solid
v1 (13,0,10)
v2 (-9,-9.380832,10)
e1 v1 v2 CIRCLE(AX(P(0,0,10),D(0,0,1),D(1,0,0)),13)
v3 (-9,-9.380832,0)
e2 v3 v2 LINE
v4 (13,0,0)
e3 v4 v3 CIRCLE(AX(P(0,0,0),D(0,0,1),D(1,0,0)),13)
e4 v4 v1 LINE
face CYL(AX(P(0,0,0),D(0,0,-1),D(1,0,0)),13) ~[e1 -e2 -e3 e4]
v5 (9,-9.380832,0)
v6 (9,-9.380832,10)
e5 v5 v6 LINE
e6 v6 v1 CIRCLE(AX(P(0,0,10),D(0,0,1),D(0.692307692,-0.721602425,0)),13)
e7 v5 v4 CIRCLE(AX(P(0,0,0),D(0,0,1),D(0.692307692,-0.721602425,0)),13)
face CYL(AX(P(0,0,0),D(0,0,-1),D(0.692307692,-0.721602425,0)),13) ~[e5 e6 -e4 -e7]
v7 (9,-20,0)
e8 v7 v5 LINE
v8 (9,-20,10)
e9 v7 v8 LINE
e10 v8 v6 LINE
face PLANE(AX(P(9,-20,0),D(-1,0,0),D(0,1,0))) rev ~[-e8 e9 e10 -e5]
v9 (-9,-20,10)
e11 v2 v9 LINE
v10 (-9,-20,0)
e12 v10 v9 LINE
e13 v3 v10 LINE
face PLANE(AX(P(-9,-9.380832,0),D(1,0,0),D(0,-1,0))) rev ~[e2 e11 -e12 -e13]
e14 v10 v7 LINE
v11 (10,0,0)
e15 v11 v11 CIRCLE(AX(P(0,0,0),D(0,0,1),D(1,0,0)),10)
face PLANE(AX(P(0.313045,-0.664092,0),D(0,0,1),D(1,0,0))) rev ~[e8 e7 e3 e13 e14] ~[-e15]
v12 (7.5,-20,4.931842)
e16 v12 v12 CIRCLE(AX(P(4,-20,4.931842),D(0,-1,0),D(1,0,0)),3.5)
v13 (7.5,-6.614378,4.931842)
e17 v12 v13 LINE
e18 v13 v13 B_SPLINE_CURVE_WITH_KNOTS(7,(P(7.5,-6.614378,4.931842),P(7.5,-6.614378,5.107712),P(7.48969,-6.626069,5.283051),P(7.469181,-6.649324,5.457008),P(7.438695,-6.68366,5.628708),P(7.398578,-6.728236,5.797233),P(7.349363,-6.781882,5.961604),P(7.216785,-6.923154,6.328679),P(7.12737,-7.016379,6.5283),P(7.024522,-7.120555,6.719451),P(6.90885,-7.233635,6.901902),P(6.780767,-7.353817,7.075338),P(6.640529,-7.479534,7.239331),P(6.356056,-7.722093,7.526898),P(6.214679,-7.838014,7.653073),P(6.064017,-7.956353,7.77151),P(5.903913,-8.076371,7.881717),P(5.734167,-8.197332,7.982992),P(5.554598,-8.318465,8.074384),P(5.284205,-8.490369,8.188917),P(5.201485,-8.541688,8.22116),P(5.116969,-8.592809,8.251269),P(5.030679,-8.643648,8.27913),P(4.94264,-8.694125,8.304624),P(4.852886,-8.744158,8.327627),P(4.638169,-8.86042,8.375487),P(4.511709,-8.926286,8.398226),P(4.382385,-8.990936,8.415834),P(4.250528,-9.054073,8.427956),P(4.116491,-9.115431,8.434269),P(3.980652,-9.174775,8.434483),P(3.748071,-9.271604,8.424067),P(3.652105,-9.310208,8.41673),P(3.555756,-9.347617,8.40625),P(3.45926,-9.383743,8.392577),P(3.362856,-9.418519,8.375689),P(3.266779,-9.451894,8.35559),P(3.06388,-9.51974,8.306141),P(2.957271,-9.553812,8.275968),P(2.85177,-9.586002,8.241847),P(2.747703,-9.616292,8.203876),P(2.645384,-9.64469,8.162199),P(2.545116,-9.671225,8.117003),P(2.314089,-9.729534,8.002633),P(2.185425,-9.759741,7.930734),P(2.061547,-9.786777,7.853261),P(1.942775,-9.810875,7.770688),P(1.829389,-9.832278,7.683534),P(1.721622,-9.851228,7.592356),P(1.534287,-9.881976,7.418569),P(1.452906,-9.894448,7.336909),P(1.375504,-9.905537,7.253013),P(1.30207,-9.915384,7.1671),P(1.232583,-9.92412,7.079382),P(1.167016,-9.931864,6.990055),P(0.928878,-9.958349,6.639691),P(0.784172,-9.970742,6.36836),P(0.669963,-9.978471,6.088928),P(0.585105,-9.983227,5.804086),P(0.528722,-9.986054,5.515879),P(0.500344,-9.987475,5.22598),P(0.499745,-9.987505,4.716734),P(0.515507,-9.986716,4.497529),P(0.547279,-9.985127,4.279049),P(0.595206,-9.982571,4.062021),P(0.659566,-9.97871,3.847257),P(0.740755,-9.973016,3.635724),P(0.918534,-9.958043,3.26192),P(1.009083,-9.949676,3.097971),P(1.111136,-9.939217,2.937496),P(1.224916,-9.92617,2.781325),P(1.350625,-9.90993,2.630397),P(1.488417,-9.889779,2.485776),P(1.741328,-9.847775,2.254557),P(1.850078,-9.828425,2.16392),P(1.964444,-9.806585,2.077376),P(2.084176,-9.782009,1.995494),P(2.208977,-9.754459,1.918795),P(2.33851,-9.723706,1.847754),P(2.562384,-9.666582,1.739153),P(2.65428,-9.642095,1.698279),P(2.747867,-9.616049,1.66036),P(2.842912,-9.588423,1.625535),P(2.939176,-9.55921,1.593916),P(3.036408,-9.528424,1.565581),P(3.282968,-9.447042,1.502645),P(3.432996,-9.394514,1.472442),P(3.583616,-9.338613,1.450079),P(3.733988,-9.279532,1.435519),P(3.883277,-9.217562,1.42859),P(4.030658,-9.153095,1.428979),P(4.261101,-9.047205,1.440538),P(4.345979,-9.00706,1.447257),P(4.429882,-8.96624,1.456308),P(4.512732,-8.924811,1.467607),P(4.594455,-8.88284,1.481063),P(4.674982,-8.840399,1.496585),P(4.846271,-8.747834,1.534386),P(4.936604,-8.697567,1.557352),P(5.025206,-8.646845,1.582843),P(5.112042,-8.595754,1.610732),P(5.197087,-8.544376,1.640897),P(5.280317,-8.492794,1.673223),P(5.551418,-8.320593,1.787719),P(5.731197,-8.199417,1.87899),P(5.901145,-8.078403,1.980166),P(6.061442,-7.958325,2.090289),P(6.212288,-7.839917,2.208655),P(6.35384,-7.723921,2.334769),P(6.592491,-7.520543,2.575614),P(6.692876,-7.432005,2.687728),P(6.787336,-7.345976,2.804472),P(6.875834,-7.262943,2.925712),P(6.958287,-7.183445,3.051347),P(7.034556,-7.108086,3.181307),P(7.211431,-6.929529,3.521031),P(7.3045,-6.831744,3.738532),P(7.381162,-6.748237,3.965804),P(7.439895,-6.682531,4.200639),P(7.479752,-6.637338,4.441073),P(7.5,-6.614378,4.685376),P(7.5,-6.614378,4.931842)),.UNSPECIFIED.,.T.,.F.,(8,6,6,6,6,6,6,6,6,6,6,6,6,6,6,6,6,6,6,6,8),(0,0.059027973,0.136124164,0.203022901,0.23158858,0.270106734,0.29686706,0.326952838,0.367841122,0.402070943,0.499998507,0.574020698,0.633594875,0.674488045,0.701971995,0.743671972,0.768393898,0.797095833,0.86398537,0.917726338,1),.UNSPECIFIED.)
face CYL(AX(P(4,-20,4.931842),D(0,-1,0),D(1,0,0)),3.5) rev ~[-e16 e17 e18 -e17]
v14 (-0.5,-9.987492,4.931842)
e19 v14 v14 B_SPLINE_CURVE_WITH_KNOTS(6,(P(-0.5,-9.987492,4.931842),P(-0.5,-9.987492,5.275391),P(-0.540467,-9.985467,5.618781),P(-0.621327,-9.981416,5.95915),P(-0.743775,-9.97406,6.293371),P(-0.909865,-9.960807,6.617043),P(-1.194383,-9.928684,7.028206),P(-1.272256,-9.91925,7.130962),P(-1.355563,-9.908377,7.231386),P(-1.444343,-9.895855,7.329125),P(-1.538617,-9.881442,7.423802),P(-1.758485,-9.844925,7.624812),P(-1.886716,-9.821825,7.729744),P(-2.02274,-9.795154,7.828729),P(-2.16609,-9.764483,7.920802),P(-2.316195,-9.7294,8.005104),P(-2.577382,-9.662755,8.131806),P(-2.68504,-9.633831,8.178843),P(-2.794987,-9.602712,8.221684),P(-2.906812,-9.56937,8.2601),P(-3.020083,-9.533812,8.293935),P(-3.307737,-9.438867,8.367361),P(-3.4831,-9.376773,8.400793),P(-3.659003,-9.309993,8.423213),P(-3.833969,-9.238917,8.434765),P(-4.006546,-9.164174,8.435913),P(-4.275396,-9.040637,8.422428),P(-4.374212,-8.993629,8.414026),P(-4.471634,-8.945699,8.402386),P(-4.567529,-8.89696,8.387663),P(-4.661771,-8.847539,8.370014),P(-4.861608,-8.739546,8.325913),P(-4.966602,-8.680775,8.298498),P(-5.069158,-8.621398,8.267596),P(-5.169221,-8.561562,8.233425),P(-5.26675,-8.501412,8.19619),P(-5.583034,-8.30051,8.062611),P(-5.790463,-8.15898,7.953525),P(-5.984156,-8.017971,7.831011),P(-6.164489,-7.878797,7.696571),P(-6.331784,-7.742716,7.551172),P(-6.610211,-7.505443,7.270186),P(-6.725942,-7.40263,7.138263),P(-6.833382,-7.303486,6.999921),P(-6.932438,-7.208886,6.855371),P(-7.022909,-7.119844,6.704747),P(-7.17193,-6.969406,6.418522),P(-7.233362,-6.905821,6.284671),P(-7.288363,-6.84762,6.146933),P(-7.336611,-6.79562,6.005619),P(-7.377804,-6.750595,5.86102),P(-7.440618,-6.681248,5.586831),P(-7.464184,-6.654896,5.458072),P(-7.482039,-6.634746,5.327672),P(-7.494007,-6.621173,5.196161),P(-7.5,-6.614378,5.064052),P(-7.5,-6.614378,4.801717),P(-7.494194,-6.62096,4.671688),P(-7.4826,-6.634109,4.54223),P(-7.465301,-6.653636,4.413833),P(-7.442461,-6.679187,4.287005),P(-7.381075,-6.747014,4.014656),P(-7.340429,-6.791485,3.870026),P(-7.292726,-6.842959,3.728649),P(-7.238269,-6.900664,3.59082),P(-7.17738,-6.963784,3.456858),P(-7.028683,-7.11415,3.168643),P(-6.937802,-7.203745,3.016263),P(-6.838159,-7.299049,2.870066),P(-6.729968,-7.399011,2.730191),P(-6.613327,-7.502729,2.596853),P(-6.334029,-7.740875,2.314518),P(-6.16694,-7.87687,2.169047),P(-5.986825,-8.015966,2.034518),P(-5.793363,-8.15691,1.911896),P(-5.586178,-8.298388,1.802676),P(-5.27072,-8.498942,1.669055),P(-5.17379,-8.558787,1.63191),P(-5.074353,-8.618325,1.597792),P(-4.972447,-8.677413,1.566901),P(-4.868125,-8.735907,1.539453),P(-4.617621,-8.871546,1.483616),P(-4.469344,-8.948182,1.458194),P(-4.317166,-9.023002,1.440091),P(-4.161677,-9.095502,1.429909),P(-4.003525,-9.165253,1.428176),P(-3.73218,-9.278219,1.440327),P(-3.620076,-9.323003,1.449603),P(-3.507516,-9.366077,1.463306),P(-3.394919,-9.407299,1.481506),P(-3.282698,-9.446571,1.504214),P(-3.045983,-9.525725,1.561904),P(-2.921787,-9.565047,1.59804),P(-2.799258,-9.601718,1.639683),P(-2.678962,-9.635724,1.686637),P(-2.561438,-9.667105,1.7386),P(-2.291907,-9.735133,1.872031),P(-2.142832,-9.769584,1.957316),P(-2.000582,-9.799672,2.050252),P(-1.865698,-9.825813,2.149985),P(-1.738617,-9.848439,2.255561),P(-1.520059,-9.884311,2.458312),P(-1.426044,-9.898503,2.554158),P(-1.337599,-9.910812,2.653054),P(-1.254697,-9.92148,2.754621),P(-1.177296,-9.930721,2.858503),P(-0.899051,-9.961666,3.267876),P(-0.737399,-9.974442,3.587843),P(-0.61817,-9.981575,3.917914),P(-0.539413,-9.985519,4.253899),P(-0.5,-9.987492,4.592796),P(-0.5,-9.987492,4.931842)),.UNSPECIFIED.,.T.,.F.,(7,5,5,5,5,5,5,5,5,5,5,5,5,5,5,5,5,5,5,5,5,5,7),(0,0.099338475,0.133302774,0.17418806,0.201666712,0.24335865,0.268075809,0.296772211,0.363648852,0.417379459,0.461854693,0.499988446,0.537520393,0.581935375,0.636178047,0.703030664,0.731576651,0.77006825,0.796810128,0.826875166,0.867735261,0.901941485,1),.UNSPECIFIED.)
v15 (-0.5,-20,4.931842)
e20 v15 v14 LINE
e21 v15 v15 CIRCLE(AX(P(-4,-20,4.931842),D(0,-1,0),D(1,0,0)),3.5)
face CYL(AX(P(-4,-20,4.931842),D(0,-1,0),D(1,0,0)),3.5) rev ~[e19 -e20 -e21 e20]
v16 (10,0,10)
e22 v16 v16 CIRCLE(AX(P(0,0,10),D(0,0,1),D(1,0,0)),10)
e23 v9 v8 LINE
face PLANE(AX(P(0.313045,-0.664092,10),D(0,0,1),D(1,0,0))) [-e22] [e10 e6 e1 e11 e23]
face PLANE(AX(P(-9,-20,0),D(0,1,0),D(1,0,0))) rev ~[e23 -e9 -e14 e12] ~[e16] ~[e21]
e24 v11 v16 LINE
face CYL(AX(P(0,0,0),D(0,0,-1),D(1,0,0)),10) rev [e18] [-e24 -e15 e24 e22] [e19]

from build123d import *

# Parameters (mm, degrees)
F0_R     = 10
F1_DEPTH = 10
F2_R     = 3.5
F3_DEPTH = 13.386621823


with BuildPart() as f1:
    # F0 (on Top) → F1 (new body)
    with BuildSketch(Plane.XY):
        with BuildLine():
            ThreePointArc((9, -9.3808315196), (11.9582607431, -5.0990195136), (13, 0))
            ThreePointArc((13, 0), (-5.0990195136, 11.9582607431), (-9, -9.3808315196))
            ThreePointArc((-9, -9.3808315196), (0, -13), (9, -9.3808315196))
        make_face()
        Circle(F0_R, mode=Mode.SUBTRACT)
        with BuildLine():
            ThreePointArc((9, -9.3808315196), (0, -13), (-9, -9.3808315196))
            Line((-9, -9.3808315196), (-9, -20))
            Line((-9, -20), (9, -20))
            Line((9, -20), (9, -9.3808315196))
        make_face()
    extrude(amount=F1_DEPTH)

    # F2 (on face) → F3 (cut, through all)
    with BuildSketch(Plane.XZ.offset(20)):
        with Locations((-4, 4.9318415113)):
            Circle(F2_R)
        with Locations((4, 4.9318415113)):
            Circle(F2_R)
    extrude(amount=-F3_DEPTH, mode=Mode.SUBTRACT)


solid = f1.part
